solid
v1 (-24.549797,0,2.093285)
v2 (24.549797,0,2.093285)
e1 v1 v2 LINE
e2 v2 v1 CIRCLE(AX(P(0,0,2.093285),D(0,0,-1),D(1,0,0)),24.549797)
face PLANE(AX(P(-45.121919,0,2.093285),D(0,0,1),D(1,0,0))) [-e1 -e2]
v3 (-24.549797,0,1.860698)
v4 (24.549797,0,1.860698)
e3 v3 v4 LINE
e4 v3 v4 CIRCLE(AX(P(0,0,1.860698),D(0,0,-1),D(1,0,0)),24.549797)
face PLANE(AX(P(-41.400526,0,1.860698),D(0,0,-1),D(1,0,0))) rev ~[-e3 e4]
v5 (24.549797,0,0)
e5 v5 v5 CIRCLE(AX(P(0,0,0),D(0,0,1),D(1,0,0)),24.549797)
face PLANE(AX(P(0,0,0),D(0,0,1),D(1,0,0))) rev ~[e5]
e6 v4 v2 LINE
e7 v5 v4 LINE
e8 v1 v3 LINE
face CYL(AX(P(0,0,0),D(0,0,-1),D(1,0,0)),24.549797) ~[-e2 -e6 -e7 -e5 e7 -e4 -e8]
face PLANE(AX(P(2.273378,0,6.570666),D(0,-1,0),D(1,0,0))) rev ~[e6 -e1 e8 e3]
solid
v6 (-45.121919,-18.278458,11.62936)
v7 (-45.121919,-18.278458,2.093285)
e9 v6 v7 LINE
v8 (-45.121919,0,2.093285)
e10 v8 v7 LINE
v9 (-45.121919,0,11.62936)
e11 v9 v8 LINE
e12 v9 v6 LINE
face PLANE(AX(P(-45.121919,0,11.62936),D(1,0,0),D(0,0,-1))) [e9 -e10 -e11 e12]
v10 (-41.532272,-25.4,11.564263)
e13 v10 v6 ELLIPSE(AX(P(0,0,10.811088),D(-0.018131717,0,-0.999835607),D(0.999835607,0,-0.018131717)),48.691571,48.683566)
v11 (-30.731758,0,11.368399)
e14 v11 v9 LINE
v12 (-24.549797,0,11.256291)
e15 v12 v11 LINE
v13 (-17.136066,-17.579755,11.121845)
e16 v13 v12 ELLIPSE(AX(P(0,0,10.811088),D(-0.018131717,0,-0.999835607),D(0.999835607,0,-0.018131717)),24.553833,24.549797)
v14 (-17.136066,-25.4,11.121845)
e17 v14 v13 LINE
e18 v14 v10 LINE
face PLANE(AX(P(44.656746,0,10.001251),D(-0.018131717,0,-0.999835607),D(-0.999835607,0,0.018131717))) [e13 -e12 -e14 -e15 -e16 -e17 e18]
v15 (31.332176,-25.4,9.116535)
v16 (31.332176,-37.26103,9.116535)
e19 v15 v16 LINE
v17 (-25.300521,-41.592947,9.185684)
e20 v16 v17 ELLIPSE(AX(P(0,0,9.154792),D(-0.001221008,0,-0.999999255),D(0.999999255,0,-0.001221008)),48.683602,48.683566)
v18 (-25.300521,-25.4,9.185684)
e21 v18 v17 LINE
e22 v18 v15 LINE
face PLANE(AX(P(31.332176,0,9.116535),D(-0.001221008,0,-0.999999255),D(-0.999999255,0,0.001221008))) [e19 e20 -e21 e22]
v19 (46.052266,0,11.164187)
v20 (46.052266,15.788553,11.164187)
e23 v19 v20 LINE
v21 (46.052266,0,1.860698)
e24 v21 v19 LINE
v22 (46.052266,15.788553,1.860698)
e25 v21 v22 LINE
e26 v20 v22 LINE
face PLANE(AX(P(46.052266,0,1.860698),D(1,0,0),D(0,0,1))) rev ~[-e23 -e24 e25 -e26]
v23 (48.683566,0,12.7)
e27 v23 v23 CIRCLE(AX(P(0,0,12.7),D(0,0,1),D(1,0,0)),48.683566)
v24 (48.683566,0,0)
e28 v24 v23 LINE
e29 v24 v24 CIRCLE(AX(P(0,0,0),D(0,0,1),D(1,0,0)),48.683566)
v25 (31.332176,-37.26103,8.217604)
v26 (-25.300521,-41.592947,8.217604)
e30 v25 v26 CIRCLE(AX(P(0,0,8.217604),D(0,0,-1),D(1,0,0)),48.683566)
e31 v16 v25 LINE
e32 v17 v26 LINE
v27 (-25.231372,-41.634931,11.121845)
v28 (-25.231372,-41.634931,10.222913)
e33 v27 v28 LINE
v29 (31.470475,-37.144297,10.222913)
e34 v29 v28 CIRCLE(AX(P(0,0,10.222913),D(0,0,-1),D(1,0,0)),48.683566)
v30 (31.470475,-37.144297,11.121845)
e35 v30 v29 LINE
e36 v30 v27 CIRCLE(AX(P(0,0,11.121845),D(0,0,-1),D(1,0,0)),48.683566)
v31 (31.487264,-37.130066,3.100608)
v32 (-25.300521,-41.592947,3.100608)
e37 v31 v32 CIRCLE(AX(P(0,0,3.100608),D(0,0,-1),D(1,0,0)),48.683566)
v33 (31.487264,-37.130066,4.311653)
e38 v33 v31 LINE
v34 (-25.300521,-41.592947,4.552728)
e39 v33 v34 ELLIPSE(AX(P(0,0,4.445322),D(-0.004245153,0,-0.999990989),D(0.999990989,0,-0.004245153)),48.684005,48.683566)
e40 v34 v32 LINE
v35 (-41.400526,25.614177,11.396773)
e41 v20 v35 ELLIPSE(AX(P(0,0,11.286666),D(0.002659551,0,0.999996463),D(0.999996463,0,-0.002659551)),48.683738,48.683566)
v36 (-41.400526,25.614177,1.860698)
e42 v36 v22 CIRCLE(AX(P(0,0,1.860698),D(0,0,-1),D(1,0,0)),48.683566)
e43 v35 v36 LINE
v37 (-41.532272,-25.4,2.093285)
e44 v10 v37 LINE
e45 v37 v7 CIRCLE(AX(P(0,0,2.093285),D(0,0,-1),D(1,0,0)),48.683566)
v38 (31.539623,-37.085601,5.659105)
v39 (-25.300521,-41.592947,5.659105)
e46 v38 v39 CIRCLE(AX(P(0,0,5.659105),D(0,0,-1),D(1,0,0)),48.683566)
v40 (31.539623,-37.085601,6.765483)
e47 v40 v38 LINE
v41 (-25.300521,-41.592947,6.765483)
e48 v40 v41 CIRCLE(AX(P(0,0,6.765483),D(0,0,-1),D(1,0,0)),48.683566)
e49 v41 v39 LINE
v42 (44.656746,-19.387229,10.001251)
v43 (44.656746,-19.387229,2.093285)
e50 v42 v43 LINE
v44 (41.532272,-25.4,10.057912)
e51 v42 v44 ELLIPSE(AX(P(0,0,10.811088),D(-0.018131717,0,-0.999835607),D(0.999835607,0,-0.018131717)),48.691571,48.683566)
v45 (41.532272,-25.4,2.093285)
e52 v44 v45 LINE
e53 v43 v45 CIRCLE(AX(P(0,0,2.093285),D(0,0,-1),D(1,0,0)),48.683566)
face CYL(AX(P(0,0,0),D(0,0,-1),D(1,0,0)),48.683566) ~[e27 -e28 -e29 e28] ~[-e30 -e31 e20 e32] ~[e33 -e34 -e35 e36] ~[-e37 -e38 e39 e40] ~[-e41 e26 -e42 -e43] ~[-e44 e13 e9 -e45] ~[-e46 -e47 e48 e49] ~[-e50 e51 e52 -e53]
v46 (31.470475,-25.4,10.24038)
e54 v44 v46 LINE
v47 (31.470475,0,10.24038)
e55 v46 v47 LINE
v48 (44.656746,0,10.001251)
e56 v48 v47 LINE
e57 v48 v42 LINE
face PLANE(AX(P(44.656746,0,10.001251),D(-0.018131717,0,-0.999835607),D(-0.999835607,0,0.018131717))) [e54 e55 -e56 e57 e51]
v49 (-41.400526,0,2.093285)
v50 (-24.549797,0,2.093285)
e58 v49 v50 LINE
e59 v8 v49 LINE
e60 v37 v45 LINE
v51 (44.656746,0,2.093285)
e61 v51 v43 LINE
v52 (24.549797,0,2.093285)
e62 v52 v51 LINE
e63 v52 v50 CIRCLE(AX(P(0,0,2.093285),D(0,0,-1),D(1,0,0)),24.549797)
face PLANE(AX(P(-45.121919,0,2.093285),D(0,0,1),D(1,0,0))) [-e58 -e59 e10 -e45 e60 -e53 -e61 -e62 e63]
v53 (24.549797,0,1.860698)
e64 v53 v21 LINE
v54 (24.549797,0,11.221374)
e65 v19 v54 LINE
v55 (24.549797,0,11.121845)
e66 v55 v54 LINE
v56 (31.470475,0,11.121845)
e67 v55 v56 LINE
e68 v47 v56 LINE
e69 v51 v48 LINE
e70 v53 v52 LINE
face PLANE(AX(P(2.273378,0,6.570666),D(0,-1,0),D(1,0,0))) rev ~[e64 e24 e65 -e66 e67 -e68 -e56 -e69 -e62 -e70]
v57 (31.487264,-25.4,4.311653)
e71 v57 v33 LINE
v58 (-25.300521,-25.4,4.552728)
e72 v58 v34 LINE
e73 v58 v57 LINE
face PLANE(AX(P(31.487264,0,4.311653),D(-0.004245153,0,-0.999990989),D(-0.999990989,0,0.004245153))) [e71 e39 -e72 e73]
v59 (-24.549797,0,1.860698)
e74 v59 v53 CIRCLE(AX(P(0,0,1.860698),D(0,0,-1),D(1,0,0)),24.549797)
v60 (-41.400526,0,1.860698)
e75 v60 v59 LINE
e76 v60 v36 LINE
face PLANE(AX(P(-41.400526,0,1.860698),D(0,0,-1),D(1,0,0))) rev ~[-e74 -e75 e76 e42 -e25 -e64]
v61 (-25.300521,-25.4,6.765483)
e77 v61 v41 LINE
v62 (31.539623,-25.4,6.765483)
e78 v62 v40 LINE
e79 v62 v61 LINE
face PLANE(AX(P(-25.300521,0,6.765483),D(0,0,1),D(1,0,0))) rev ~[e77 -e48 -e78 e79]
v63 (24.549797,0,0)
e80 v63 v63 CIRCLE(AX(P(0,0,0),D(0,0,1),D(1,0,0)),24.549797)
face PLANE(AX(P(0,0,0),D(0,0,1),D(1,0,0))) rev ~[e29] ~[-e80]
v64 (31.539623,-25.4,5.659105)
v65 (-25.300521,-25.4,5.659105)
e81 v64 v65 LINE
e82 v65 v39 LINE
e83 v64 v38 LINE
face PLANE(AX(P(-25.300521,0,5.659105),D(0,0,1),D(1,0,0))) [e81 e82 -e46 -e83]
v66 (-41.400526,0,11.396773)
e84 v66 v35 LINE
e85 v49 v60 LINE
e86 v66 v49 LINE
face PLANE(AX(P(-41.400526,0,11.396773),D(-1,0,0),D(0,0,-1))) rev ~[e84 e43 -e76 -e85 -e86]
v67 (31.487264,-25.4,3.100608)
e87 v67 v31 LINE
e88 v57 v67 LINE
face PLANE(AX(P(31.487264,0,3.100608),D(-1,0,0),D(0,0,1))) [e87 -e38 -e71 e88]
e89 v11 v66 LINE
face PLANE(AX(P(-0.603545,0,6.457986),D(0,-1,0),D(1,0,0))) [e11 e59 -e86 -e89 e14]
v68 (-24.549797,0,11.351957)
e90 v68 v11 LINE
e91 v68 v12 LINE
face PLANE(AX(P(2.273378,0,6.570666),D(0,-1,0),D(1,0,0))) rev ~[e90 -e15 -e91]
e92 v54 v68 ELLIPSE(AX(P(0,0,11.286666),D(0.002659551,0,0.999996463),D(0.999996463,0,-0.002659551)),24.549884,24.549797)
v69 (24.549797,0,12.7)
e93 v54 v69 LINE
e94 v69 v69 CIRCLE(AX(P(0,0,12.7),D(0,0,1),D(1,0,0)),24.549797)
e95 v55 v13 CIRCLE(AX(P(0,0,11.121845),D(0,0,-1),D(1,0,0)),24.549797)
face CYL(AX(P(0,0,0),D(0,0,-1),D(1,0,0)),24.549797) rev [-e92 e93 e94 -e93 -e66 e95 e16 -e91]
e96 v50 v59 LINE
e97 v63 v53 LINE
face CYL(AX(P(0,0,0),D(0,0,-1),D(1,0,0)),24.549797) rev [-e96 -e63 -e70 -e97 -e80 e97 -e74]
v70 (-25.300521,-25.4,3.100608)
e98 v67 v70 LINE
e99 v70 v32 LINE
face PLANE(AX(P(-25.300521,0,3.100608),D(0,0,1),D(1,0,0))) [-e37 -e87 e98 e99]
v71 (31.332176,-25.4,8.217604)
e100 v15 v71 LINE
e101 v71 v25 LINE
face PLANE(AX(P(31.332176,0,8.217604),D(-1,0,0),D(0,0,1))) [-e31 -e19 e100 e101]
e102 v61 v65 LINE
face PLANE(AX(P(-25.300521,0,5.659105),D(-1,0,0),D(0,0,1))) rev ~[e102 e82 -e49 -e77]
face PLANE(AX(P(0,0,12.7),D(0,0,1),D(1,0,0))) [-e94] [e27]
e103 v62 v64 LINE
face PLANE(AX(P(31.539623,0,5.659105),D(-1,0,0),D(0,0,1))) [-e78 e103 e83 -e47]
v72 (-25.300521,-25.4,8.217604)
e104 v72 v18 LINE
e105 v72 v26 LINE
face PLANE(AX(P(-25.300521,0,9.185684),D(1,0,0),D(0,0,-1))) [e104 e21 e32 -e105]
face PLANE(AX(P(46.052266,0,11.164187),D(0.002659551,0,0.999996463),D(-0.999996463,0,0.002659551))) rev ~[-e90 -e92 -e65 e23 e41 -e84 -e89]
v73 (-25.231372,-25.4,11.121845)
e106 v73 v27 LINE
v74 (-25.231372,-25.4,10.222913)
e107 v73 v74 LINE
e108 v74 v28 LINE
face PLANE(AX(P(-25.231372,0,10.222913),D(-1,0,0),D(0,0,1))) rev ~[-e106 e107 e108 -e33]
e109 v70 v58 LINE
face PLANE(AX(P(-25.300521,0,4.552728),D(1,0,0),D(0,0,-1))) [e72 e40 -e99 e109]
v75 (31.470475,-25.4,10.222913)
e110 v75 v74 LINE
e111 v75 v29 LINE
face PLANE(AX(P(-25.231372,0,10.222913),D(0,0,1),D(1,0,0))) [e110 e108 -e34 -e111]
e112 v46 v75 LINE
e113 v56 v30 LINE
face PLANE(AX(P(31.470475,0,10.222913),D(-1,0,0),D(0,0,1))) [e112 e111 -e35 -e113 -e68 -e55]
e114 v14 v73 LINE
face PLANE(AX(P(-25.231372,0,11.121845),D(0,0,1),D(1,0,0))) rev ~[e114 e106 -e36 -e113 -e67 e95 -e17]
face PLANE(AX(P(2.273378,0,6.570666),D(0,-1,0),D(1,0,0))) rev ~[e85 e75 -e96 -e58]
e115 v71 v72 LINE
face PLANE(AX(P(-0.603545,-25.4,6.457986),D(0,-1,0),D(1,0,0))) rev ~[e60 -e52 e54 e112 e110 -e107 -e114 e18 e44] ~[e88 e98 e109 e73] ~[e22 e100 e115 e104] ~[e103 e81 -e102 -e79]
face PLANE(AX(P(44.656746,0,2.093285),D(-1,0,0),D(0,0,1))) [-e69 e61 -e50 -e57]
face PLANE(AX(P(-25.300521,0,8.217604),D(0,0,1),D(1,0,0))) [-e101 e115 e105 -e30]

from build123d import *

# Parameters (mm, degrees)
F0_R     = 48.683566
F0_R_2   = 24.549797
F1_DEPTH = 12.7
F2_DEPTH = 5.08
F4_DEPTH = 50.8
F6_DEPTH = 25.4
F7_W     = 56.701847
F7_H     = 0.898932
F7_W_2   = 56.840144
F7_H_2   = 1.106377
F8_DEPTH = 127


with BuildPart() as f1:
    # F0 (on Top) → F1 (new body)
    with BuildSketch(Plane.XY):
        Circle(F0_R)
        Circle(F0_R_2, mode=Mode.SUBTRACT)
    extrude(amount=F1_DEPTH)


with BuildPart() as f2:
    # F0 (on Top) → F2 (new body)
    with BuildSketch(Plane.XY):
        Circle(F0_R_2)
    extrude(amount=F2_DEPTH)


with BuildPart() as f4_tool:
    # F3 (on Front) → F4 (new body)
    with BuildSketch(Plane.XZ):
        Polygon((46.052266, 11.164187), (-41.400526, 11.396773), (-41.400526, 1.860698), (46.052266, 1.860698), align=None)
    extrude(amount=-F4_DEPTH)


with BuildPart() as f1_1:
    add(f1.part)

    # F4: cut by f4_tool
    add(f4_tool.part, mode=Mode.SUBTRACT)


with BuildPart() as f2_1:
    add(f2.part)

    # F4: cut by f4_tool
    add(f4_tool.part, mode=Mode.SUBTRACT)


with BuildPart() as f6_tool:
    # F5 (on Front) → F6 (new body)
    with BuildSketch(Plane.XZ):
        Polygon((44.656746, 10.001251), (-45.121919, 11.62936), (-45.121919, 2.093285), (44.656746, 2.093285), align=None)
    extrude(amount=F6_DEPTH)


with BuildPart() as f1_2:
    add(f1_1.part)

    # F6: cut by f6_tool
    add(f6_tool.part, mode=Mode.SUBTRACT)

    # F7 (on Front) → F8 (cut)
    with BuildSketch(Plane.XZ):
        with Locations((3.119551, 10.672379)):
            Rectangle(F7_W, F7_H)
        Polygon((31.332176, 9.116535), (-25.300521, 9.185684), (-25.300521, 8.217604), (31.332176, 8.217604), align=None)
        with Locations((3.119551, 6.212294)):
            Rectangle(F7_W_2, F7_H_2)
        Polygon((31.487264, 4.311653), (-25.300521, 4.552728), (-25.300521, 3.100608), (31.487264, 3.100608), align=None)
    extrude(amount=F8_DEPTH, mode=Mode.SUBTRACT)


with BuildPart() as f2_2:
    add(f2_1.part)

    # F6: cut by f6_tool
    add(f6_tool.part, mode=Mode.SUBTRACT)


solid = Compound([f1_2.part, f2_2.part])
